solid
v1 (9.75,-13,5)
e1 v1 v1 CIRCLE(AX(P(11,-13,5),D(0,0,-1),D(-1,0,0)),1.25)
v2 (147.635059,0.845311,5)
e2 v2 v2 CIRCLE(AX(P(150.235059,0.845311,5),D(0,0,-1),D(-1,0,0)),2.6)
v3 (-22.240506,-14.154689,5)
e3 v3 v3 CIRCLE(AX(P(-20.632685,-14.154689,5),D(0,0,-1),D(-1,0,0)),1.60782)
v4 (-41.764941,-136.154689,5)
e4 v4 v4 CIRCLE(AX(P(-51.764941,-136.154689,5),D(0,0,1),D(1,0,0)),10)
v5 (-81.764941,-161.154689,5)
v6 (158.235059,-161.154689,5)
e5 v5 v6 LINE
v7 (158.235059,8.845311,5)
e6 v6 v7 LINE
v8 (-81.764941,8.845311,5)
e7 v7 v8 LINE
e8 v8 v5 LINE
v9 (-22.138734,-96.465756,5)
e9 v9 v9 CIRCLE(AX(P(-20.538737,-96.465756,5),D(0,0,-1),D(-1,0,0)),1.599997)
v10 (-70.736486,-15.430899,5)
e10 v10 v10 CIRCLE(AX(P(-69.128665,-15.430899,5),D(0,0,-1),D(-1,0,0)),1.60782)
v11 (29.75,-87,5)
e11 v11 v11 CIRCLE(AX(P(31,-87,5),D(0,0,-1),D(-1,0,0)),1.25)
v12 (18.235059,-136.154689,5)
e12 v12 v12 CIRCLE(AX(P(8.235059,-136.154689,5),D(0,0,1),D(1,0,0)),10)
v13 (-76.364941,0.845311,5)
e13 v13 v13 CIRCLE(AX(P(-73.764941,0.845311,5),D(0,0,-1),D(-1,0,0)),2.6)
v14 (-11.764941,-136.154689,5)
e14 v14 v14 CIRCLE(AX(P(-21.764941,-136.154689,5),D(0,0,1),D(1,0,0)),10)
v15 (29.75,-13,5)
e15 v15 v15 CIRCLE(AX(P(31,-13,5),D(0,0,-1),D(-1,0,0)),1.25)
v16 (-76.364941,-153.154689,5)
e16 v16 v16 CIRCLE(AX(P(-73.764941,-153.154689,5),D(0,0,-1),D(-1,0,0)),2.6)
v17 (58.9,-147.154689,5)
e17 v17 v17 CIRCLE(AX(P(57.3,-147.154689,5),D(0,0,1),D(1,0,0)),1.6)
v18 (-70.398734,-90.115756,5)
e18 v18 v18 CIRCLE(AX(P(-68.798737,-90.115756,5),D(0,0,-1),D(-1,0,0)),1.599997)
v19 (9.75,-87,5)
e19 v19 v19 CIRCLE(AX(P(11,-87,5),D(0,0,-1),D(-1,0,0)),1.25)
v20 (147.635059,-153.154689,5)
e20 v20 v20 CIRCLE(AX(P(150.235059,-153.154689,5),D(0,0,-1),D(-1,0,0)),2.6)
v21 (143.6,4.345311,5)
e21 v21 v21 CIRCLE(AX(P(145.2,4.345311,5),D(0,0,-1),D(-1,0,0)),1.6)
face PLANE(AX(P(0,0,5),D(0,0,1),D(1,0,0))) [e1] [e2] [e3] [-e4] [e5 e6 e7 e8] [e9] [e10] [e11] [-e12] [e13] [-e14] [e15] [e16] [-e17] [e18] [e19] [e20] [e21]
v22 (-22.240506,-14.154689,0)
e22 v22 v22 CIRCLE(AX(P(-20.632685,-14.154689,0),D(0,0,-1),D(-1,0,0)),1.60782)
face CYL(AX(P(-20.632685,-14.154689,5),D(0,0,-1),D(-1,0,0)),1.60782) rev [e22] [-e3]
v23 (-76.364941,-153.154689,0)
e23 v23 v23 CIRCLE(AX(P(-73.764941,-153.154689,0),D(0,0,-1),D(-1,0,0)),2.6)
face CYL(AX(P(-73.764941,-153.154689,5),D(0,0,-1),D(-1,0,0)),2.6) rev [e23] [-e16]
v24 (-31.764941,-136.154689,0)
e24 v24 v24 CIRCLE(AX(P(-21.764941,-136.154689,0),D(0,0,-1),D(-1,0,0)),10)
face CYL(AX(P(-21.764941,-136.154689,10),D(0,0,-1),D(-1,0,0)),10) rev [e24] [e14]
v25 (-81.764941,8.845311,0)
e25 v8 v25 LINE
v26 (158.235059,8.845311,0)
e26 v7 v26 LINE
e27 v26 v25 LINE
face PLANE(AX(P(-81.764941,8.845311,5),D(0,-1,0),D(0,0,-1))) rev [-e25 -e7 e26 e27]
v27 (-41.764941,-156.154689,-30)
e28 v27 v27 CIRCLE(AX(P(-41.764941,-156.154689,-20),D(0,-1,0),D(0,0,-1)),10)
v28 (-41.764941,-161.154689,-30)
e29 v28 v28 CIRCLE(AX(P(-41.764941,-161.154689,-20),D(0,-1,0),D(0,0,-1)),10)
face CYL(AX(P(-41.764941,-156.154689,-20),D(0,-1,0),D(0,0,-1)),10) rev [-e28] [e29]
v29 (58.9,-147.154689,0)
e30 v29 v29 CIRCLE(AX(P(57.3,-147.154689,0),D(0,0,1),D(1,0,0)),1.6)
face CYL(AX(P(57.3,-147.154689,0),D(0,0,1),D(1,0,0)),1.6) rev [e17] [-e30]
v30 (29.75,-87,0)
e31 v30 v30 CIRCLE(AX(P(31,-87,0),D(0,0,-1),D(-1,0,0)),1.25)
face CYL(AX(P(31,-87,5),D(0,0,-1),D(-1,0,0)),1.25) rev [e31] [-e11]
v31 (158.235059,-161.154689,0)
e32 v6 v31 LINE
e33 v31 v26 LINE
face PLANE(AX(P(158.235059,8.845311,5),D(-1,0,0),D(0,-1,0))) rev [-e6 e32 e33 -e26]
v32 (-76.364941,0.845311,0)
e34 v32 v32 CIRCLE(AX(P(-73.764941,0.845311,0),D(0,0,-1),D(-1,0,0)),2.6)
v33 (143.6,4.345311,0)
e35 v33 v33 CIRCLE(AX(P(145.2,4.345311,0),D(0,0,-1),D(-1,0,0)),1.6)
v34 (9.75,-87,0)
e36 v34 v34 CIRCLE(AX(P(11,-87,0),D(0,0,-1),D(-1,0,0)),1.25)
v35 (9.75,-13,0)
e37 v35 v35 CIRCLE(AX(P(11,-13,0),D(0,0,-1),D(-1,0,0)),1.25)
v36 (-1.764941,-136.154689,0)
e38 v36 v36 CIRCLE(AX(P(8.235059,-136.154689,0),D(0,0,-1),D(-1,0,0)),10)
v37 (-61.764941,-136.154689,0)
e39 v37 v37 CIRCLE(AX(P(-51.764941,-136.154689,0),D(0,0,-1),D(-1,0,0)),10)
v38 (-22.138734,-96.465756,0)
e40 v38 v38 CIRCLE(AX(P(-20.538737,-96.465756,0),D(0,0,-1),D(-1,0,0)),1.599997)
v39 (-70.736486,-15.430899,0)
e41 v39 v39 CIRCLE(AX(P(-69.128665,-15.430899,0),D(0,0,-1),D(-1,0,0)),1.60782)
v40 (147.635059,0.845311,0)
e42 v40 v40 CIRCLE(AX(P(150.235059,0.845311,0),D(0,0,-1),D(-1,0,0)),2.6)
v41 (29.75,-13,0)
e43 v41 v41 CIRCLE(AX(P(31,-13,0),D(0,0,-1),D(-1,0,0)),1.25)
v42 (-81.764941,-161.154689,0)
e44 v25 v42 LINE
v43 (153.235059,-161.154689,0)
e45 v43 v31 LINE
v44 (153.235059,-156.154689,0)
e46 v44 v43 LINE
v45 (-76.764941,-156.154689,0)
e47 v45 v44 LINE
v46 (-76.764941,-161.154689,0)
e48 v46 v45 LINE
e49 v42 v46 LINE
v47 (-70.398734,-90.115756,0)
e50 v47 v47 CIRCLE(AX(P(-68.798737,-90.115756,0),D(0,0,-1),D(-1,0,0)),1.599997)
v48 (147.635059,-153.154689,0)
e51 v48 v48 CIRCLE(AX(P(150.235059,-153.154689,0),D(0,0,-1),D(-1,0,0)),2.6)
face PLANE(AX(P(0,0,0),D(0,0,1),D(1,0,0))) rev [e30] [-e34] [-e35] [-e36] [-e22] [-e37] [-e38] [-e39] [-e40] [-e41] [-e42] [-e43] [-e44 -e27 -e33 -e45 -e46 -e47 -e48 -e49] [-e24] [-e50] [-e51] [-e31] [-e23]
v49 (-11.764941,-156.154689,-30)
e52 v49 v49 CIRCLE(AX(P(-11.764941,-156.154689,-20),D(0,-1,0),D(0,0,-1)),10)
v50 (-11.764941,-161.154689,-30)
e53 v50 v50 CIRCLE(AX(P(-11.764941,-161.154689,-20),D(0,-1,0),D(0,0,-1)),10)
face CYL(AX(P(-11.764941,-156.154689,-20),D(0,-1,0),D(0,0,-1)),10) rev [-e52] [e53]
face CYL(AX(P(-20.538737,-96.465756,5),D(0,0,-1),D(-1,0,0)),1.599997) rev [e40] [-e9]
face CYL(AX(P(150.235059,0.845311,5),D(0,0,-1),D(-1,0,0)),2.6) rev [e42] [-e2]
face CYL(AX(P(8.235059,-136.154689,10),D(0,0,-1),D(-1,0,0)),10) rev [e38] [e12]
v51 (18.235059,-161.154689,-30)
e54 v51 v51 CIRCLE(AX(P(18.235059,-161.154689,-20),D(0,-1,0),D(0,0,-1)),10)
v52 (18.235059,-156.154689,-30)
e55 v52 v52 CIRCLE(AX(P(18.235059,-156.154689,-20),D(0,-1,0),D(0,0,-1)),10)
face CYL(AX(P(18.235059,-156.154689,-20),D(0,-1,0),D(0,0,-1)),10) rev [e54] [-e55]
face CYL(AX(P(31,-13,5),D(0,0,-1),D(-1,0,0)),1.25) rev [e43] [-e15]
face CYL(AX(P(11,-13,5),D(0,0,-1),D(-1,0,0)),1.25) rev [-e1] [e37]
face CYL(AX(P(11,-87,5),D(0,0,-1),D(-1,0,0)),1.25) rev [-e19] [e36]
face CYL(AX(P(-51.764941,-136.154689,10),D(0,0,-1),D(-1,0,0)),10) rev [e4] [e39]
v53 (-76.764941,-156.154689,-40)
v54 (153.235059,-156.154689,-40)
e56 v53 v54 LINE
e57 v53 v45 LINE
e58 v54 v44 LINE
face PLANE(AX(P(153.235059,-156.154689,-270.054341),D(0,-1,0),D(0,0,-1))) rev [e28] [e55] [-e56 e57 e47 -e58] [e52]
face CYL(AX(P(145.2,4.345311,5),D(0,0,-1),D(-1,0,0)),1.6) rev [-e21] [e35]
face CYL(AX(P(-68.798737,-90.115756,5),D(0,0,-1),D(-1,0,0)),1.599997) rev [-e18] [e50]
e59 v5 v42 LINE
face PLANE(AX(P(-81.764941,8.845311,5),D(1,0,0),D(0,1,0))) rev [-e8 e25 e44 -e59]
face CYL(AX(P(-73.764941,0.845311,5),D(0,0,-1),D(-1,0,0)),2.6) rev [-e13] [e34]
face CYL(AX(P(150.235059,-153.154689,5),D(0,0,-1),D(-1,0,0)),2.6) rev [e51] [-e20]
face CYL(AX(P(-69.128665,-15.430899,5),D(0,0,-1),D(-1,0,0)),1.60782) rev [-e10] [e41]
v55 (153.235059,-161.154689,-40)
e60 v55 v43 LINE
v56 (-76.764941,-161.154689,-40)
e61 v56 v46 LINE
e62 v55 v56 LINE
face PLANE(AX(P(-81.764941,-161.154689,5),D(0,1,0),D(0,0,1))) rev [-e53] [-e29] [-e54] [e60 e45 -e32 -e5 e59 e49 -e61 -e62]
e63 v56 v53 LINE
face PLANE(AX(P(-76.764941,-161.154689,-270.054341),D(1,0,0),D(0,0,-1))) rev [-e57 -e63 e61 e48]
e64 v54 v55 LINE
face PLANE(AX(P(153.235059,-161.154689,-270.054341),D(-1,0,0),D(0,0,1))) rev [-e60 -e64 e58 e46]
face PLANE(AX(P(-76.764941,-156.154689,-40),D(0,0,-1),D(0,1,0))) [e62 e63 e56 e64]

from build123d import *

# Parameters (mm, degrees)
ESQUISSE1_W             = 240
ESQUISSE1_H             = 170
BOSS_EXTRU_1_DEPTH      = 5
ESQUISSE2_R             = 1.6
ESQUISSE2_R_2           = 1.5999968
ESQUISSE2_R_3           = 1.607820406
ESQUISSE2_R_4           = 1.25
ENL_V_MAT_EXTRU_1_DEPTH = 5
ESQUISSE3_R             = 1.6
ENL_V_MAT_EXTRU_2_DEPTH = 5
ESQUISSE4_R             = 2.6
ENL_V_MAT_EXTRU_3_DEPTH = 5
ESQUISSE6_W             = 230
ESQUISSE6_H             = 5
BOSS_EXTRU_2_DEPTH      = 40
ESQUISSE8_R             = 10
ENL_V_MAT_EXTRU_4_DEPTH = 5
ESQUISSE9_R             = 10
ENL_V_MAT_EXTRU_5_DEPTH = 10


with BuildPart() as part:
    # Esquisse1 → Boss.-Extru.1 (new body)
    with BuildSketch(Plane.XY):
        with Locations((38.235058845, -76.154688976)):
            Rectangle(ESQUISSE1_W, ESQUISSE1_H)
    extrude(amount=BOSS_EXTRU_1_DEPTH)

    # Esquisse2 → Enlèv. mat.-Extru.1 (cut)
    with BuildSketch(Plane(origin=(0, 0, 0), x_dir=(-1, 0, 0), z_dir=(0, 0, -1))):
        with Locations((-145.2, 4.345311024)):
            Circle(ESQUISSE2_R)
        with Locations((20.538736773, -96.465756273)):
            Circle(ESQUISSE2_R_2)
        with Locations((68.798736773, -90.115756273)):
            Circle(ESQUISSE2_R_2)
        with Locations((69.128665464, -15.430898976)):
            Circle(ESQUISSE2_R_3)
        with Locations((20.632685464, -14.154688976)):
            Circle(ESQUISSE2_R_3)
        with Locations((-31, -87)):
            Circle(ESQUISSE2_R_4)
        with Locations((-11, -87)):
            Circle(ESQUISSE2_R_4)
        with Locations((-31, -13)):
            Circle(ESQUISSE2_R_4)
        with Locations((-11, -13)):
            Circle(ESQUISSE2_R_4)
    extrude(amount=-ENL_V_MAT_EXTRU_1_DEPTH, mode=Mode.SUBTRACT)

    # Esquisse3 → Enlèv. mat.-Extru.2 (cut)
    with BuildSketch(Plane.XY.offset(5)):
        with Locations((57.3, -147.154688976)):
            Circle(ESQUISSE3_R)
    extrude(amount=-ENL_V_MAT_EXTRU_2_DEPTH, mode=Mode.SUBTRACT)

    # Esquisse4 → Enlèv. mat.-Extru.3 (cut)
    with BuildSketch(Plane(origin=(0, 0, 0), x_dir=(-1, 0, 0), z_dir=(0, 0, -1))):
        with Locations((73.764941155, -153.154688976)):
            Circle(ESQUISSE4_R)
        with Locations((-150.235058845, -153.154688976)):
            Circle(ESQUISSE4_R)
        with Locations((-150.235058845, 0.845311024)):
            Circle(ESQUISSE4_R)
        with Locations((73.764941155, 0.845311024)):
            Circle(ESQUISSE4_R)
    extrude(amount=-ENL_V_MAT_EXTRU_3_DEPTH, mode=Mode.SUBTRACT)

    # Esquisse6 → Boss.-Extru.2 (add)
    with BuildSketch(Plane(origin=(0, 0, 0), x_dir=(-1, 0, 0), z_dir=(0, 0, -1))):
        with Locations((-38.235058845, -158.654688976)):
            Rectangle(ESQUISSE6_W, ESQUISSE6_H)
    extrude(amount=BOSS_EXTRU_2_DEPTH)

    # Esquisse8 → Enlèv. mat.-Extru.4 (cut)
    with BuildSketch(Plane.XZ.offset(161.154688976)):
        with Locations(Location((-41.764941155, -20, 0), (0, 0, 270))):
            Circle(ESQUISSE8_R)
        with Locations(Location((-11.764941155, -20, 0), (0, 0, 270))):
            Circle(ESQUISSE8_R)
        with Locations(Location((18.235058845, -20, 0), (0, 0, 270))):
            Circle(ESQUISSE8_R)
    extrude(amount=-ENL_V_MAT_EXTRU_4_DEPTH, mode=Mode.SUBTRACT)

    # Esquisse9 → Enlèv. mat.-Extru.5 (cut)
    with BuildSketch(Plane(origin=(0, 0, 0), x_dir=(-1, 0, 0), z_dir=(0, 0, -1))):
        with Locations((51.764941155, -136.154688976)):
            Circle(ESQUISSE9_R)
        with Locations((21.764941155, -136.154688976)):
            Circle(ESQUISSE9_R)
        with Locations((-8.235058845, -136.154688976)):
            Circle(ESQUISSE9_R)
    extrude(amount=-ENL_V_MAT_EXTRU_5_DEPTH, mode=Mode.SUBTRACT)


solid = part.part
